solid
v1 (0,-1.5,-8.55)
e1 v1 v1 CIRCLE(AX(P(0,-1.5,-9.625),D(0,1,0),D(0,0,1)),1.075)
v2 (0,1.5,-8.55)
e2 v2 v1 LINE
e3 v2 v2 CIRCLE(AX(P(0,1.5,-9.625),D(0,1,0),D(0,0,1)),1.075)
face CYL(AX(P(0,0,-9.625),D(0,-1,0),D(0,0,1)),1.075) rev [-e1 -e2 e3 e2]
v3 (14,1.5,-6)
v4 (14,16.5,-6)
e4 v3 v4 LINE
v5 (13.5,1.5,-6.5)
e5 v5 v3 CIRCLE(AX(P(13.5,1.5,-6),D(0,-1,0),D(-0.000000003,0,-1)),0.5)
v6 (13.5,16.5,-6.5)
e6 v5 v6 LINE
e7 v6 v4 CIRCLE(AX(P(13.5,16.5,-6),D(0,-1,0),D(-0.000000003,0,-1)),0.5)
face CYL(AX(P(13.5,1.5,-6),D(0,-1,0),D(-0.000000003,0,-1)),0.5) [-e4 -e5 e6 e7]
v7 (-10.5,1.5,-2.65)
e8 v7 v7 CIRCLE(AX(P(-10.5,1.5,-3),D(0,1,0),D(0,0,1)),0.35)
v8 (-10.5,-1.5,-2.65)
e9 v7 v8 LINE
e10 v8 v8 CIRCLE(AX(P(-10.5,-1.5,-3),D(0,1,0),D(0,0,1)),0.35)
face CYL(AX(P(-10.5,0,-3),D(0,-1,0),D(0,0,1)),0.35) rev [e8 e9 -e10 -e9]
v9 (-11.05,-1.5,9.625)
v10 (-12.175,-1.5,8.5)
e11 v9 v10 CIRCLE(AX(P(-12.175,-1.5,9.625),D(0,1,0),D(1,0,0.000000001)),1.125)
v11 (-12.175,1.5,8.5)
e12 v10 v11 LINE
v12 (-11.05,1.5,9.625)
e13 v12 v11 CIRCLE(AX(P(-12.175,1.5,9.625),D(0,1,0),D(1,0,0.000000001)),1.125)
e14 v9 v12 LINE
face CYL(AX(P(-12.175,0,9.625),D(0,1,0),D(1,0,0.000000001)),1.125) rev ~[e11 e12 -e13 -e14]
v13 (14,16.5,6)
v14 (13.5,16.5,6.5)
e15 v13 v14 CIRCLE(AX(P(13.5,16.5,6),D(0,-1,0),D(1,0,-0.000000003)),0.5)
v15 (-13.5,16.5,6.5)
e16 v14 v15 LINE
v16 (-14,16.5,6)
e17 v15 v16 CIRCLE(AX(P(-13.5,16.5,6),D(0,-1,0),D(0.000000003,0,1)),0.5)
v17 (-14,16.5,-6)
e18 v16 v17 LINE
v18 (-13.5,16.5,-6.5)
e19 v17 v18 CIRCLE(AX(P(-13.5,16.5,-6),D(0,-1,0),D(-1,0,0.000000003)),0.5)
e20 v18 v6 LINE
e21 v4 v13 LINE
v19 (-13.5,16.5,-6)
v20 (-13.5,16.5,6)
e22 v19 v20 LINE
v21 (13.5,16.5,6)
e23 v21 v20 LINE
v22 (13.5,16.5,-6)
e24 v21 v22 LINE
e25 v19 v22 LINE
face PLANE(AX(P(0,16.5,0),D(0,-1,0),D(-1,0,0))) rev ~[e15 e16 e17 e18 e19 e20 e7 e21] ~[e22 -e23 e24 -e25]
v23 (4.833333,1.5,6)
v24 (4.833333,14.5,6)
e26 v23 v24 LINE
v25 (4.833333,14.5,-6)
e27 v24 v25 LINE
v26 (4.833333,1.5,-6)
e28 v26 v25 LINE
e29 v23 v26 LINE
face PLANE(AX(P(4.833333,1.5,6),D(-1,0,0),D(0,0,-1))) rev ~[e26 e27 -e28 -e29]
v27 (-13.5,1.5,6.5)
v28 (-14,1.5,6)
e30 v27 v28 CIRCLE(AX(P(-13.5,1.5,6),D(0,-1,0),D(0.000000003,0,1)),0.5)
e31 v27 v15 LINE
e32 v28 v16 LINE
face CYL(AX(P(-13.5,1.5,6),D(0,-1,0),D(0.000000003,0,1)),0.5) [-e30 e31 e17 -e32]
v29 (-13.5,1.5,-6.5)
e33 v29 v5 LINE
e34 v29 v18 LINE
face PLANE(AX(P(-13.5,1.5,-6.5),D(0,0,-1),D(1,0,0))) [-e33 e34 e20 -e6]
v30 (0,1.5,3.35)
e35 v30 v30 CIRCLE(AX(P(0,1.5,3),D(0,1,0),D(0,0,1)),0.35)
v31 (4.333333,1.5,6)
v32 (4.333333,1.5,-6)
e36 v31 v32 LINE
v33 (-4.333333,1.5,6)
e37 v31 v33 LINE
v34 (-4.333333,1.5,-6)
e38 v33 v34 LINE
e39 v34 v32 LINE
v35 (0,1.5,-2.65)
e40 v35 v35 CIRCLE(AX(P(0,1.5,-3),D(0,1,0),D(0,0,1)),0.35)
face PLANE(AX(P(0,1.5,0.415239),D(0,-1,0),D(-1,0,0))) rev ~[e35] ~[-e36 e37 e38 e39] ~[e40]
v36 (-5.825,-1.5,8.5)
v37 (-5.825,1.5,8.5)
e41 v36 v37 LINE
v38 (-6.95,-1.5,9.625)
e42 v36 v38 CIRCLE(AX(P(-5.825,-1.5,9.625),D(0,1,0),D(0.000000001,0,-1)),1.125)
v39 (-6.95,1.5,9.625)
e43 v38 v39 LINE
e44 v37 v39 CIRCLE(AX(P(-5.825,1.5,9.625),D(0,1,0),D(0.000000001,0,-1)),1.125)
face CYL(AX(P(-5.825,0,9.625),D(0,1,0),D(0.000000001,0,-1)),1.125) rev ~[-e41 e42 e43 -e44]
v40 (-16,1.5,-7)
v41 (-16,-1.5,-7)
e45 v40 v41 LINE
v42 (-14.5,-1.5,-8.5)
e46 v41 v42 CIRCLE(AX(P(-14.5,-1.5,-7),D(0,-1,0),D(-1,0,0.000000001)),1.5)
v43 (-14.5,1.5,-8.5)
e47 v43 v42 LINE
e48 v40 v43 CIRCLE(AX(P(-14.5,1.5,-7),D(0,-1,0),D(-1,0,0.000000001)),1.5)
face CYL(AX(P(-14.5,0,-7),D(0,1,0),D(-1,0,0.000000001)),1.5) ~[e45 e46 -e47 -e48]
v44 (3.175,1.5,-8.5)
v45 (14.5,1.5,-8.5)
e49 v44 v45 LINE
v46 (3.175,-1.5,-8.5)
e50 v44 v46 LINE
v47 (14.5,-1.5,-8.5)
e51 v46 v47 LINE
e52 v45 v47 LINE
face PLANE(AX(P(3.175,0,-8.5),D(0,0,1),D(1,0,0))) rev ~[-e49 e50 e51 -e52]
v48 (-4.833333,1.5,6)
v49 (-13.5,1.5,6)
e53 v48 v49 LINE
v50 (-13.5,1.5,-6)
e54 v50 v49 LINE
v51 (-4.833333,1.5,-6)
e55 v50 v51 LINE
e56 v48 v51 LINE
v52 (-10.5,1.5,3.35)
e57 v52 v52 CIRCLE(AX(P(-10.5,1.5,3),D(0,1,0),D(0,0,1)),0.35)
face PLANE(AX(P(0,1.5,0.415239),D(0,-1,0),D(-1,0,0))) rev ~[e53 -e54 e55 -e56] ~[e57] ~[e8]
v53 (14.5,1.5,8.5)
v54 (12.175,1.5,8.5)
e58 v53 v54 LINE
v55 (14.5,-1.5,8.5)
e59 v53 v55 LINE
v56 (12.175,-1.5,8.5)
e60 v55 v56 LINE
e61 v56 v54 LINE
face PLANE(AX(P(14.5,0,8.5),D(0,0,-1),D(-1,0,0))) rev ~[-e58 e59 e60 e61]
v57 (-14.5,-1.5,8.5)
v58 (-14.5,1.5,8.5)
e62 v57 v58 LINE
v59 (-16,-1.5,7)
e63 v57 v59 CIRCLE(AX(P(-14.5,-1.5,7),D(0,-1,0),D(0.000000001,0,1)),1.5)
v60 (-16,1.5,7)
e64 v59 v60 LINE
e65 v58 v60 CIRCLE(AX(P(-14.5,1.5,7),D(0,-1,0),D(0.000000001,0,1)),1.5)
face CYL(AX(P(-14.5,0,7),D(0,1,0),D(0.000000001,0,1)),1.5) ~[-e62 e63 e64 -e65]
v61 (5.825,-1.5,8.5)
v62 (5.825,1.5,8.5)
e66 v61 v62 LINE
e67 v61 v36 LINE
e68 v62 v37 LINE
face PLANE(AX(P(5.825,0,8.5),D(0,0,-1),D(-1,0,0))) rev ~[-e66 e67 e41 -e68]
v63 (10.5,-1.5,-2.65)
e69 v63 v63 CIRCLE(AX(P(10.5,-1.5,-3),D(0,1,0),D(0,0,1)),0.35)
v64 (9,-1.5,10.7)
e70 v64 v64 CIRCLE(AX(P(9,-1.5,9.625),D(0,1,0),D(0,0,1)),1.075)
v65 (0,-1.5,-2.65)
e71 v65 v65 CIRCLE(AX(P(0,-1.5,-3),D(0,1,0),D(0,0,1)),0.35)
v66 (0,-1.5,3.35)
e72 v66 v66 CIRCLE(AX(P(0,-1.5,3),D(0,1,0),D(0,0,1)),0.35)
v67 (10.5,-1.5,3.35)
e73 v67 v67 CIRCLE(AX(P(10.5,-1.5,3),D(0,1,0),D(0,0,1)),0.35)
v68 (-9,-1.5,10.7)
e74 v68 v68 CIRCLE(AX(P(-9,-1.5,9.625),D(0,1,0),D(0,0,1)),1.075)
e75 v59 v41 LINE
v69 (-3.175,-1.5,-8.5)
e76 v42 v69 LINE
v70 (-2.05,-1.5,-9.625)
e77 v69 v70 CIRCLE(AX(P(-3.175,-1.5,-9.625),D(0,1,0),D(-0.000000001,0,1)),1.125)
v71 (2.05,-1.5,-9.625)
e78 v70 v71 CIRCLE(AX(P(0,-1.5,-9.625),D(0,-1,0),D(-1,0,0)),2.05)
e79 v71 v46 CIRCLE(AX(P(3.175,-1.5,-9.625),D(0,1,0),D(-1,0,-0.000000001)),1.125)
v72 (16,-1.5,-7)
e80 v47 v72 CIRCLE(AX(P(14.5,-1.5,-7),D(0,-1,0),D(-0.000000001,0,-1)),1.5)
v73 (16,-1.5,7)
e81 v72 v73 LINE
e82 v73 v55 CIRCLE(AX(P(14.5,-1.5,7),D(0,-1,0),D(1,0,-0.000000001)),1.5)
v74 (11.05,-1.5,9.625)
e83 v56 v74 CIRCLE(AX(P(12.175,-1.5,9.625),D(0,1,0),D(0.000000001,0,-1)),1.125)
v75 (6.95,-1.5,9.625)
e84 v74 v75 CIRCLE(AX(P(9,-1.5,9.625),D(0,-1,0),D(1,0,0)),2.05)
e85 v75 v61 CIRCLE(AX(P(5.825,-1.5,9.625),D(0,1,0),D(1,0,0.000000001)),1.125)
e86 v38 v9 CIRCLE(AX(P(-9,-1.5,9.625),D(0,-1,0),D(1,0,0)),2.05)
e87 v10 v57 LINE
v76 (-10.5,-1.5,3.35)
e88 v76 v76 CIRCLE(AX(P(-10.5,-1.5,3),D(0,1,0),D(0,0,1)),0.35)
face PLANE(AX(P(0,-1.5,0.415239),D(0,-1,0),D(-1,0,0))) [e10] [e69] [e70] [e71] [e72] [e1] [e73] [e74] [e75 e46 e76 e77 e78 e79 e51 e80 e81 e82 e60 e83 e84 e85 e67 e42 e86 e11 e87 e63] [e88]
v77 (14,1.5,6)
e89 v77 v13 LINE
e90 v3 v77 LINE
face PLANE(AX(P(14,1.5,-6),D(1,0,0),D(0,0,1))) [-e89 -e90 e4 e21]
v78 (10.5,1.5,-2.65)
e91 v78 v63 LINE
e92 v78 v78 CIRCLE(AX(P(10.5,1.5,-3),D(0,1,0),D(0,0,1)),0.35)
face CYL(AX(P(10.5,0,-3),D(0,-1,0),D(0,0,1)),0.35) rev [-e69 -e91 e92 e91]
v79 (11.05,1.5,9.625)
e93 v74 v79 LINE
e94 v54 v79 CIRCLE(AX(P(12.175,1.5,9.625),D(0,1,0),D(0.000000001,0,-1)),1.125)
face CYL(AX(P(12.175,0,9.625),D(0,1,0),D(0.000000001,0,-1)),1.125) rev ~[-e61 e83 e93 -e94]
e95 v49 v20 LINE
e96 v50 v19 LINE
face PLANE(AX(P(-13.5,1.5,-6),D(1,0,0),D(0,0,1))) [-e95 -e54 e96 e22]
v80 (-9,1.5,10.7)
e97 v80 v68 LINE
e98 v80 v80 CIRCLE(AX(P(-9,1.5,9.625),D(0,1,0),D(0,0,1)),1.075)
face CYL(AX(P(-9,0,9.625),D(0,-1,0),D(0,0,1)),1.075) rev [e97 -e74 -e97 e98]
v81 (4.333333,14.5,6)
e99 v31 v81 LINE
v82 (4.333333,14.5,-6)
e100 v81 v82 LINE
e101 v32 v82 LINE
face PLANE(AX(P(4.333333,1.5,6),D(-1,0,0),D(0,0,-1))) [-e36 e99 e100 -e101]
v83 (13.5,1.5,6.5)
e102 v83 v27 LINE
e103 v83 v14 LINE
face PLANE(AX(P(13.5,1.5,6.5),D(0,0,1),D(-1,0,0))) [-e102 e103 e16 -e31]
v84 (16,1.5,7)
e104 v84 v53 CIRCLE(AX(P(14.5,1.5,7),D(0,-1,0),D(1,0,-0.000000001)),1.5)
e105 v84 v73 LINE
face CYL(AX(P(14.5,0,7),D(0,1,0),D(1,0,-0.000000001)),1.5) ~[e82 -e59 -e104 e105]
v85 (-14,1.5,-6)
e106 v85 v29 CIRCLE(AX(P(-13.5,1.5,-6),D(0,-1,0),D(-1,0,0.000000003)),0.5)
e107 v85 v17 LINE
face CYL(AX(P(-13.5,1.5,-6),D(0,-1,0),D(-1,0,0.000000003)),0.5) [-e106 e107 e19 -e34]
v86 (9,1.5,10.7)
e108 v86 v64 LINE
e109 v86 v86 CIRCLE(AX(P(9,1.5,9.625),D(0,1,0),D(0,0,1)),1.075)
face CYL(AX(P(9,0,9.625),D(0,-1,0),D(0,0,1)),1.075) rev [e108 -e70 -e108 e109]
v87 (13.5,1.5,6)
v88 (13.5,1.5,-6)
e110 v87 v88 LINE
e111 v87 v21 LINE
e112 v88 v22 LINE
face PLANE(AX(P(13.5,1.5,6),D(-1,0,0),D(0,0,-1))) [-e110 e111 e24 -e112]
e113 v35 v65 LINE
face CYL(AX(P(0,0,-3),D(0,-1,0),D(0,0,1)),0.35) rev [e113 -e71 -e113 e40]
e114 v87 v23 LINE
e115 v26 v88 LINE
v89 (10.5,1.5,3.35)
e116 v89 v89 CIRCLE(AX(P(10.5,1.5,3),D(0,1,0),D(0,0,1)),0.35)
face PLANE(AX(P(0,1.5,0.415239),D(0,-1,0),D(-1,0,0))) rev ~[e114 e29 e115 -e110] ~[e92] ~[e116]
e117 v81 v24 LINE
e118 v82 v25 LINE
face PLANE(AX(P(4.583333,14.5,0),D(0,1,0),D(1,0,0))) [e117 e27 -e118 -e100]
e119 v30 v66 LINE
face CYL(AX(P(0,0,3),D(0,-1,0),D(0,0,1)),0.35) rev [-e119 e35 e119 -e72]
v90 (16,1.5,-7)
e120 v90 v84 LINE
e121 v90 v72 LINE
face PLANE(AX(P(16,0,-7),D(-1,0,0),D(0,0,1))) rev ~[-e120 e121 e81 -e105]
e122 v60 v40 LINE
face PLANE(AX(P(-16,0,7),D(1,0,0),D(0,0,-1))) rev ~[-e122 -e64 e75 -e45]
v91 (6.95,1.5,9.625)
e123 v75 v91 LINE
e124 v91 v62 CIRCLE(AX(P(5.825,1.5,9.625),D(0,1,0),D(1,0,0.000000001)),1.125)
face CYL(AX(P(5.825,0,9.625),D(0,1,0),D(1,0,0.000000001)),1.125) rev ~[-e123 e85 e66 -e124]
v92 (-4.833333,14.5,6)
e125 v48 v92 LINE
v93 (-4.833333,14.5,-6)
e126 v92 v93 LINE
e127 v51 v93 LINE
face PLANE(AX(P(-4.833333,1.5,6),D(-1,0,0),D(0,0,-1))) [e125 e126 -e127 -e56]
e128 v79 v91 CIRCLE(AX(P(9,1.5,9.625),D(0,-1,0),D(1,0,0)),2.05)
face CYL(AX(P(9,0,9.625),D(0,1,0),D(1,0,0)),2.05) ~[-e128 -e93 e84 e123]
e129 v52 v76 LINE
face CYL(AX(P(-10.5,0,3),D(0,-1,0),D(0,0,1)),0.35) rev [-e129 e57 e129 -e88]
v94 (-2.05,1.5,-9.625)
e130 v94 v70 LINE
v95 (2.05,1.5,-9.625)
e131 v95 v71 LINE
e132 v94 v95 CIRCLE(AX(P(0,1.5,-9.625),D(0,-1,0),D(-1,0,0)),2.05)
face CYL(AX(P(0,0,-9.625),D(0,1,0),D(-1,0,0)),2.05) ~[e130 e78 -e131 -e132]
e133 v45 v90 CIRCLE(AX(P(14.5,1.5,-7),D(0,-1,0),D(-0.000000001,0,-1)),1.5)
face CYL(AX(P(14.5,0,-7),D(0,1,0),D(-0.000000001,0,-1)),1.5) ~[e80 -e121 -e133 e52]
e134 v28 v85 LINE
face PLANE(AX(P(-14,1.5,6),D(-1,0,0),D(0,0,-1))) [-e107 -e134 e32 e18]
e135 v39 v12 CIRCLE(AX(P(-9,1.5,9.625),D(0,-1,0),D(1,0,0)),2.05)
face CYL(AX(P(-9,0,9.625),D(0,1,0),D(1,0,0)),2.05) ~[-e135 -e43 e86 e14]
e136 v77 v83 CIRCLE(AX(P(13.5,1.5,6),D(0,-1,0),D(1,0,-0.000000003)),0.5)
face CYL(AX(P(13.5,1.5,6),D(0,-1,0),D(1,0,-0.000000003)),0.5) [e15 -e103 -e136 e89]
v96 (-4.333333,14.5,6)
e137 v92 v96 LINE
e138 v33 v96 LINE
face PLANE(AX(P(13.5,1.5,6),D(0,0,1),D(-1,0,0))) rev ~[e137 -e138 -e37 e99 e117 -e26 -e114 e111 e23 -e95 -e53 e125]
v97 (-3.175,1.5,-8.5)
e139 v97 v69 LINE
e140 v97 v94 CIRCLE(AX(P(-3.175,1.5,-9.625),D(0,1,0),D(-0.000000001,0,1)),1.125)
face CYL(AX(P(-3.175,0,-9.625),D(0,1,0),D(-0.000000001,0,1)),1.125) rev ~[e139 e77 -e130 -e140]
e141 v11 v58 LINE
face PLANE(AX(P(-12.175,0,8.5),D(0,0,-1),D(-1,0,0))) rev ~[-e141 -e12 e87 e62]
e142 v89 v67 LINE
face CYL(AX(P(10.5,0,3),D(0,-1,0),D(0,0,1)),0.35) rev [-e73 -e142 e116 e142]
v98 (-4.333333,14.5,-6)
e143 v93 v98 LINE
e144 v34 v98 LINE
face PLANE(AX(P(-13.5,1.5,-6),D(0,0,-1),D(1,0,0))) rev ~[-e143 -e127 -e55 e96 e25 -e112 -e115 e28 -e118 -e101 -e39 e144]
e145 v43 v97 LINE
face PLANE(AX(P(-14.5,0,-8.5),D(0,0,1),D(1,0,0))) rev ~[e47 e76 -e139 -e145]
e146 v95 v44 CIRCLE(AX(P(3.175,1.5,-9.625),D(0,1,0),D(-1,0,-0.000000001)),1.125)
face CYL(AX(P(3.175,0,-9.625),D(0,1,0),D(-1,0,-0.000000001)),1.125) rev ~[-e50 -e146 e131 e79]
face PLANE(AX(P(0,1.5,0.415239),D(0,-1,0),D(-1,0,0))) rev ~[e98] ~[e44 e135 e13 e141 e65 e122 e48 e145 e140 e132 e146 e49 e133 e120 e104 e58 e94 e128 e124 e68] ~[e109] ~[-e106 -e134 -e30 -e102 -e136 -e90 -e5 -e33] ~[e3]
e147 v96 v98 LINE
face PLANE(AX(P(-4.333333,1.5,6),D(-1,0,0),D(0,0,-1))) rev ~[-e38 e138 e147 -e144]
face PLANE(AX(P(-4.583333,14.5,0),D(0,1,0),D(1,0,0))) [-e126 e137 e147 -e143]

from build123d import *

# Parameters (mm, degrees)
BASE_PLATE_AND_PORTS_2_R   = 0.35
BASE_PLATE_AND_PORTS_2_R_2 = 1.075
BASE_PLATE_AND_PORTS_DEPTH = 1.5
BOSS_EXTRUDE1_DEPTH        = 15
RESERVOIRS_3_W             = 0.5
RESERVOIRS_3_H             = 12
BOSS_EXTRUDE2_DEPTH        = 13


with BuildPart() as part:
    # Base-plate and ports 2 → Base plate and ports (new, symmetric)
    with BuildSketch(Plane(origin=(0, 0, 0), x_dir=(1, 0, 0), z_dir=(0, 1, 0))):
        with BuildLine():
            Line((-16, -7), (-16, 7))
            ThreePointArc((-16, 7), (-15.560660172, 8.060660172), (-14.5, 8.5))
            Line((-14.5, 8.5), (-3.175, 8.5))
            ThreePointArc((-3.175, 8.5), (-2.379504871, 8.829504871), (-2.05, 9.625))
            ThreePointArc((-2.05, 9.625), (0, 11.675), (2.05, 9.625))
            ThreePointArc((2.05, 9.625), (2.379504871, 8.829504871), (3.175, 8.5))
            Line((3.175, 8.5), (14.5, 8.5))
            ThreePointArc((14.5, 8.5), (15.560660172, 8.060660172), (16, 7))
            Line((16, 7), (16, -7))
            ThreePointArc((16, -7), (15.560660172, -8.060660172), (14.5, -8.5))
            Line((14.5, -8.5), (12.175, -8.5))
            ThreePointArc((12.175, -8.5), (11.379504871, -8.829504871), (11.05, -9.625))
            ThreePointArc((11.05, -9.625), (9, -11.675), (6.95, -9.625))
            ThreePointArc((6.95, -9.625), (6.620495129, -8.829504871), (5.825, -8.5))
            Line((5.825, -8.5), (-5.825, -8.5))
            ThreePointArc((-5.825, -8.5), (-6.620495129, -8.829504871), (-6.95, -9.625))
            ThreePointArc((-6.95, -9.625), (-9, -11.675), (-11.05, -9.625))
            ThreePointArc((-11.05, -9.625), (-11.379504871, -8.829504871), (-12.175, -8.5))
            Line((-12.175, -8.5), (-14.5, -8.5))
            ThreePointArc((-14.5, -8.5), (-15.560660172, -8.060660172), (-16, -7))
        make_face()
        with Locations(Location((-10.5, 3, 0), (0, 0, 270))):
            Circle(BASE_PLATE_AND_PORTS_2_R, mode=Mode.SUBTRACT)
        with Locations(Location((0, 3, 0), (0, 0, 270))):
            Circle(BASE_PLATE_AND_PORTS_2_R, mode=Mode.SUBTRACT)
        with Locations(Location((10.5, 3, 0), (0, 0, 270))):
            Circle(BASE_PLATE_AND_PORTS_2_R, mode=Mode.SUBTRACT)
        with Locations(Location((0, -3, 0), (0, 0, 270))):
            Circle(BASE_PLATE_AND_PORTS_2_R, mode=Mode.SUBTRACT)
        with Locations(Location((10.5, -3, 0), (0, 0, 270))):
            Circle(BASE_PLATE_AND_PORTS_2_R, mode=Mode.SUBTRACT)
        with Locations(Location((-10.5, -3, 0), (0, 0, 270))):
            Circle(BASE_PLATE_AND_PORTS_2_R, mode=Mode.SUBTRACT)
        with Locations(Location((0, 9.625, 0), (0, 0, 270))):
            Circle(BASE_PLATE_AND_PORTS_2_R_2, mode=Mode.SUBTRACT)
        with Locations(Location((-9, -9.625, 0), (0, 0, 270))):
            Circle(BASE_PLATE_AND_PORTS_2_R_2, mode=Mode.SUBTRACT)
        with Locations(Location((9, -9.625, 0), (0, 0, 270))):
            Circle(BASE_PLATE_AND_PORTS_2_R_2, mode=Mode.SUBTRACT)
    extrude(amount=BASE_PLATE_AND_PORTS_DEPTH, both=True)

    # Reservoirs → Boss-Extrude1 (add)
    with BuildSketch(Plane(origin=(0, 1.5, 0), x_dir=(1, 0, 0), z_dir=(0, 1, 0))):
        with BuildLine():
            Line((-13.5, 6.5), (13.5, 6.5))
            ThreePointArc((13.5, 6.5), (13.853553391, 6.353553391), (14, 6))
            Line((14, 6), (14, -6))
            ThreePointArc((14, -6), (13.853553391, -6.353553391), (13.5, -6.5))
            Line((13.5, -6.5), (-13.5, -6.5))
            ThreePointArc((-13.5, -6.5), (-13.853553391, -6.353553391), (-14, -6))
            Line((-14, -6), (-14, 6))
            ThreePointArc((-14, 6), (-13.853553391, 6.353553391), (-13.5, 6.5))
        make_face()
        Polygon((-4.333333333, -6), (4.333333333, -6), (4.833333333, -6), (13.5, -6), (13.5, 6), (4.833333333, 6), (4.333333333, 6), (-4.333333333, 6), (-4.833333333, 6), (-13.5, 6), (-13.5, -6), (-4.833333333, -6), align=None, mode=Mode.SUBTRACT)
    extrude(amount=BOSS_EXTRUDE1_DEPTH)

    # Reservoirs<3> → Boss-Extrude2 (add)
    with BuildSketch(Plane(origin=(0, 1.5, 0), x_dir=(1, 0, 0), z_dir=(0, 1, 0))):
        with Locations((-4.583333333, 0)):
            Rectangle(RESERVOIRS_3_W, RESERVOIRS_3_H)
        with Locations((4.583333333, 0)):
            Rectangle(RESERVOIRS_3_W, RESERVOIRS_3_H)
    extrude(amount=BOSS_EXTRUDE2_DEPTH)


solid = part.part
